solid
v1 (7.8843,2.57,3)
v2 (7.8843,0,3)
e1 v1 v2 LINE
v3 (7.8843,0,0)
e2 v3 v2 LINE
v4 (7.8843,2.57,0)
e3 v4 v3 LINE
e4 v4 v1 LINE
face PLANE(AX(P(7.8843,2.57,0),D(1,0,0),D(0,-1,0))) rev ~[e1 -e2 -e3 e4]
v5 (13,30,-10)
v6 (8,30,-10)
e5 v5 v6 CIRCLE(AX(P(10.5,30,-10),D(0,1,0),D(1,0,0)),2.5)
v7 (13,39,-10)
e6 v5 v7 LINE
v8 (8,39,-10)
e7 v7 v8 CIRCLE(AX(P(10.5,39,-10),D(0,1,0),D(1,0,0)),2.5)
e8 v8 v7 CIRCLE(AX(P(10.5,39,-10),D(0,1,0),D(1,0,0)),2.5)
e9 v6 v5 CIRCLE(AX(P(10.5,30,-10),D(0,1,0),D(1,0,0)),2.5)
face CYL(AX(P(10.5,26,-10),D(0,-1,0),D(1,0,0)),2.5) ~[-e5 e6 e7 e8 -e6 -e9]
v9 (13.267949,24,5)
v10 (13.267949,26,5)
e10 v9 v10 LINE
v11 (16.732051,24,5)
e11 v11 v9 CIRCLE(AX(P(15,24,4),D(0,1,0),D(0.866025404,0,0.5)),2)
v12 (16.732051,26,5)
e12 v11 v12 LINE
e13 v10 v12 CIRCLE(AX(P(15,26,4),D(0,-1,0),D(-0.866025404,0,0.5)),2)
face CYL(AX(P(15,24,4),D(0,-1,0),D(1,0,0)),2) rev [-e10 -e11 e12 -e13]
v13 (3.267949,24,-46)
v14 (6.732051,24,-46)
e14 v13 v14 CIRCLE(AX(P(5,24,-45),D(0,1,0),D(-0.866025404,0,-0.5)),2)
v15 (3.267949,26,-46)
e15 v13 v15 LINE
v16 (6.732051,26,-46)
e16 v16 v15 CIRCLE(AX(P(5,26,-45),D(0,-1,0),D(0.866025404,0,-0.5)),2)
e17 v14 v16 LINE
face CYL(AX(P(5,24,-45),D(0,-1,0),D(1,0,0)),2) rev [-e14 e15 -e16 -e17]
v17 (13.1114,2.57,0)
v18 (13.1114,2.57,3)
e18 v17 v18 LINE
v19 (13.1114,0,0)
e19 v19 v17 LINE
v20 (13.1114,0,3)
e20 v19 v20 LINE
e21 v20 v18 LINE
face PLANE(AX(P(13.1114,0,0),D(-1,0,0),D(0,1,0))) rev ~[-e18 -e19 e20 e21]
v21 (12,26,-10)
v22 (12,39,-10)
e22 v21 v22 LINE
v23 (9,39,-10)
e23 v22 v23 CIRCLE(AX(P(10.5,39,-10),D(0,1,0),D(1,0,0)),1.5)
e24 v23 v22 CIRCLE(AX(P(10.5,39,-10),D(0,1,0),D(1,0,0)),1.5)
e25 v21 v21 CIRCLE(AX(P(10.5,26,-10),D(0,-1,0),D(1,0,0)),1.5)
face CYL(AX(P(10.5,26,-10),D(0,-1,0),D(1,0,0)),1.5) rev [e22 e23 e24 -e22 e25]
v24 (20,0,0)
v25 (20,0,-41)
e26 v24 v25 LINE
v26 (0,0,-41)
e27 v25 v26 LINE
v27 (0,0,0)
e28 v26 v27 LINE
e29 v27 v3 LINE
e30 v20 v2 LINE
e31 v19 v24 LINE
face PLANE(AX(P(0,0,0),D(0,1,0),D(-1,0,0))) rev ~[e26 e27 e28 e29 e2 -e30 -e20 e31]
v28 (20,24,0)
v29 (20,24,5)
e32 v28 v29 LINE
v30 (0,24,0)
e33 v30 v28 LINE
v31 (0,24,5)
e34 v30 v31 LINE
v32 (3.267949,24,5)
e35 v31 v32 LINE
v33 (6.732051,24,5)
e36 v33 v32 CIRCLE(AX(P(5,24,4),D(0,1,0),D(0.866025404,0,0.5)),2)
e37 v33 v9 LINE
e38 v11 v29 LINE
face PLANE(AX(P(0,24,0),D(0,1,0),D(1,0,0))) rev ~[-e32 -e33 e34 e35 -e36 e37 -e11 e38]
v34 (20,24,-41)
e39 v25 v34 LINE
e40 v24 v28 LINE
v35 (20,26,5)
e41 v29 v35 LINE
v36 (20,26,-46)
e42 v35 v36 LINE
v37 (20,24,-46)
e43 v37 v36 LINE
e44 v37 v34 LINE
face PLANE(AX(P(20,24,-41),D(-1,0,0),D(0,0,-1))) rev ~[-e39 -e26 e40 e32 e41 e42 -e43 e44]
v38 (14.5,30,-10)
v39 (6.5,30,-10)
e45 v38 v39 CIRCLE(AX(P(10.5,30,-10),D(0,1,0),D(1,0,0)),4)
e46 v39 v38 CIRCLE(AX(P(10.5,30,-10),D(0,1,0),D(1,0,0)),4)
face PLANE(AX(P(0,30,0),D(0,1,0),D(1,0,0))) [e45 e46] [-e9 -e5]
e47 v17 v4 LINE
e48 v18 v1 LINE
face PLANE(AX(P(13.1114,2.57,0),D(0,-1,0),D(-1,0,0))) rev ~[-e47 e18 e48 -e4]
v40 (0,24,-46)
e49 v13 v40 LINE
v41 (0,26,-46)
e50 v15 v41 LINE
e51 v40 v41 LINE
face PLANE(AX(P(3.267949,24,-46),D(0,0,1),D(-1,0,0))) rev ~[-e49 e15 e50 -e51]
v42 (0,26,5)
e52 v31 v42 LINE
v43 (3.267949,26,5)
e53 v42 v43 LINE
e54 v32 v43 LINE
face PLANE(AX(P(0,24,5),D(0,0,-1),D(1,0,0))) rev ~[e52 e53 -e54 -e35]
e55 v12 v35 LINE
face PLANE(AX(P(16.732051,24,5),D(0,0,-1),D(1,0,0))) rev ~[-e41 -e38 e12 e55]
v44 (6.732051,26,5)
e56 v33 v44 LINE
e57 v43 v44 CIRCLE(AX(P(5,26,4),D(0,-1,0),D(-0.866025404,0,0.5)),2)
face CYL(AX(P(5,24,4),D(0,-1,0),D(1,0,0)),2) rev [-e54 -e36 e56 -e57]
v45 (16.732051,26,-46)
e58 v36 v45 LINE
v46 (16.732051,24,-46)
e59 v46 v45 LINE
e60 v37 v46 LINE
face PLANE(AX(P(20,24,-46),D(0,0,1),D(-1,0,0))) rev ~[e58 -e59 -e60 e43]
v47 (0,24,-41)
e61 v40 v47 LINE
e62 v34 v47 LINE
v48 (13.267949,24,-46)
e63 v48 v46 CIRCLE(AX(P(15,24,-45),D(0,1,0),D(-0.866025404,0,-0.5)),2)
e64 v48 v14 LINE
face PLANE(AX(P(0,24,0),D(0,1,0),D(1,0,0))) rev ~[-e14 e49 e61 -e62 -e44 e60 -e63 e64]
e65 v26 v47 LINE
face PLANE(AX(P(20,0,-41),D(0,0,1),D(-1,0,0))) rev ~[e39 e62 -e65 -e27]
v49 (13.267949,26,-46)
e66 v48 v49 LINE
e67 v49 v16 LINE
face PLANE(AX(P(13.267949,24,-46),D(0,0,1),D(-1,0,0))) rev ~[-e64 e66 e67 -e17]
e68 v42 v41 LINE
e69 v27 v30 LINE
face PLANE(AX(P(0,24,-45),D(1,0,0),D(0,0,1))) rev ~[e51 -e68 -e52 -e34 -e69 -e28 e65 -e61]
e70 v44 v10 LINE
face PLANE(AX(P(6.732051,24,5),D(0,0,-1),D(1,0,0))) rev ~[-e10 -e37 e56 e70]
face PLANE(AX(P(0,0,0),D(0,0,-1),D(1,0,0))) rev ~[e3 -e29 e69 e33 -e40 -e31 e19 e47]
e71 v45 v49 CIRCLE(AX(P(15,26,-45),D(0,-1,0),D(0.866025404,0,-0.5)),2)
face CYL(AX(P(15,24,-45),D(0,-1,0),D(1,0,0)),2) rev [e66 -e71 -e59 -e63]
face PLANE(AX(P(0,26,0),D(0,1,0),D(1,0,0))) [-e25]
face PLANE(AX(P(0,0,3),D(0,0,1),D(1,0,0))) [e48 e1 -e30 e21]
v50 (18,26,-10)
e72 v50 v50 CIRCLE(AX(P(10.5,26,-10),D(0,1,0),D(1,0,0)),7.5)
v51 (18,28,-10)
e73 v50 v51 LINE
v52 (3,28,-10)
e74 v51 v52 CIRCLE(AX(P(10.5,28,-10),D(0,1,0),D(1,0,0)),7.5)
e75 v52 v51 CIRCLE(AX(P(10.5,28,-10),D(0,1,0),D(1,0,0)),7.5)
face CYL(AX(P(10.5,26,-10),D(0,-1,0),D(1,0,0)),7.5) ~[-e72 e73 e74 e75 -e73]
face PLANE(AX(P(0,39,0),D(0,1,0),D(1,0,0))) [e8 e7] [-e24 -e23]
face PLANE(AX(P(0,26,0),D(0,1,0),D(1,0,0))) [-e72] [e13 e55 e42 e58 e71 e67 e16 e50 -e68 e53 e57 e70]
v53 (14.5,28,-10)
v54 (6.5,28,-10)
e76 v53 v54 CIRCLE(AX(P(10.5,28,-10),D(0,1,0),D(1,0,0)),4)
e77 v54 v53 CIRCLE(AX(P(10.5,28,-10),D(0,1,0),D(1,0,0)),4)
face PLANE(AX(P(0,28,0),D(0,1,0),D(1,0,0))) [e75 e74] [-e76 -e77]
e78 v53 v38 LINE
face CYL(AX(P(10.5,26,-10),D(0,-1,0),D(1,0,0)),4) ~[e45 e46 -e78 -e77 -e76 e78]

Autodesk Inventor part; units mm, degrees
ref_plane "YZ Plane" through (0, 0, 0) normal (1, 0, 0) x (0, 1, 0)
ref_plane "XZ Plane" through (0, 0, 0) normal (0, 1, 0) x (-1, 0, 0)
sketch "Sketch1" plane through (0, 0, 0) normal (0, 1, 0) x (-1, 0, 0)
  line L0 (0, 0) -> (-20, 0)
  line L1 (-20, 0) -> (-20, -41)
  line L2 (-20, -41) -> (0, -41)
  line L3 (0, -41) -> (0, 0)
  dimension "d0" = 20
  dimension "d1" = 41
extrude "Extrusion1" add sketch "Sketch1" along normal blind 24
sketch "Sketch2" plane through (0, 24, 0) normal (0, 1, 0) x (1, 0, 0)
  line L0 (0, 41) -> (0, 0) projected
  line L1 (0, 0) -> (0, -5)
  line L2 (0, -5) -> (20, -5)
  line L3 (20, -5) -> (20, 46)
  line L4 (20, 46) -> (0, 46)
  line L5 (0, 46) -> (0, -5)
  line L6 (0, -4) -> (5, -4)
  circle A0 centre (5, -4) radius 2
  line L7 (5, -4) -> (15, -4)
  circle A1 centre (15, -4) radius 2
  line L8 (0, 0) -> (0, 20.5)
  line L9 (0, 20.5) -> (20, 20.5)
  line L10 (20, 0) -> (20, 41) projected
  line L11 (0, 45) -> (5, 45)
  circle A2 centre (5, 45) radius 2
  circle A3 centre (15, 45) radius 2
  line L12 (0, 0) -> (20, 0) projected
  point P0 (3.2679, -5)
  point P1 (6.7321, -5)
  point P2 (13.2679, -5)
  point P3 (16.7321, -5)
  point P4 (16.7321, 46)
  point P5 (13.2679, 46)
  point P6 (6.7321, 46)
  point P7 (3.2679, 46)
  dimension "d4" = 5
  dimension "d5" = 20
  dimension "d6" = 51
  dimension "d7" = 5
  dimension "d8" = 4
  dimension "d9" = 10
  dimension "d10" = 4
  dimension "d11" = 20.5
  dimension "d29" = 4
extrude "Extrusion2" add sketch "Sketch2" along normal blind 2 contours L5 L11 A2 L4 A3 L3 L9 L0 | L9 L3 L12 L0 | L5 L4 A2 L11 | L12 L3 L2 A1 L7 A0 L6 L1 | L6 A0 L2 L1 | L7 A1 L2 A0
sketch "Sketch3" plane through (0, 26, 0) normal (0, 1, 0) x (1, 0, 0)
  line L0 (0, 46) -> (0, -5) projected
  line L1 (0, -5) -> (0, 10)
  line L2 (0, 10) -> (10.5, 10)
  circle A0 centre (10.5, 10) radius 2.5
  circle A1 centre (10.5, 10) radius 4
  circle A2 centre (10.5, 10) radius 7.5
  circle A3 centre (10.5, 10) radius 1.5
  point P0 (0, 0)
  dimension "d14" = 15
  dimension "d15" = 10.5
  dimension "d16" = 5
  dimension "d17" = 8
  dimension "d18" = 15
  dimension "d19" = 3
extrude "Extrusion3" add sketch "Sketch3" along normal blind 13 contours A0
extrude "Extrusion4" add sketch "Sketch3" along normal blind 4 contours A1
extrude "Extrusion5" add sketch "Sketch3" along normal blind 2 contours A2
sketch "Sketch4" plane through (0, 0, 0) normal (0, 0, 1) x (1, 0, 0)
  line L0 (20, 0) -> (0, 0) projected
  line L1 (7.8843, 0) -> (13.1114, 0)
  line L2 (13.1114, 0) -> (13.1114, 2.57)
  line L3 (13.1114, 2.57) -> (7.8843, 2.57)
  line L4 (7.8843, 2.57) -> (7.8843, 0)
extrude "Extrusion6" add sketch "Sketch4" along normal blind 3
ref_plane "Work Plane1" through (0, 56, 0) normal (0, 1, 0) x (1, 0, 0)
sketch "Sketch5" plane through (0, 56, 0) normal (0, 1, 0) x (1, 0, 0)
  circle A0 centre (10.5, 10) radius 7.5 projected
  line L0 (0, 46) -> (0, -5) projected
  line L1 (0, -5) -> (3.2679, -5) projected
  arc A1 (6.7321, -5) -> (3.2679, -5) centre (5, -4) ccw projected
  line L2 (6.7321, -5) -> (13.2679, -5) projected
  arc A2 (16.7321, -5) -> (13.2679, -5) centre (15, -4) ccw projected
  line L3 (16.7321, -5) -> (20, -5) projected
  line L4 (20, -5) -> (20, 46) projected
  line L5 (20, 46) -> (16.7321, 46) projected
  arc A3 (13.2679, 46) -> (16.7321, 46) centre (15, 45) ccw projected
  line L6 (13.2679, 46) -> (6.7321, 46) projected
  arc A4 (3.2679, 46) -> (6.7321, 46) centre (5, 45) ccw projected
  line L7 (3.2679, 46) -> (0, 46) projected
  circle A5 centre (10.5, 10) radius 2.5 projected
  circle A6 centre (10.5, 10) radius 4 projected
  circle A7 centre (10.5, 10) radius 1.5 projected
  point P0 (0, 0)
properties part number "servo"
